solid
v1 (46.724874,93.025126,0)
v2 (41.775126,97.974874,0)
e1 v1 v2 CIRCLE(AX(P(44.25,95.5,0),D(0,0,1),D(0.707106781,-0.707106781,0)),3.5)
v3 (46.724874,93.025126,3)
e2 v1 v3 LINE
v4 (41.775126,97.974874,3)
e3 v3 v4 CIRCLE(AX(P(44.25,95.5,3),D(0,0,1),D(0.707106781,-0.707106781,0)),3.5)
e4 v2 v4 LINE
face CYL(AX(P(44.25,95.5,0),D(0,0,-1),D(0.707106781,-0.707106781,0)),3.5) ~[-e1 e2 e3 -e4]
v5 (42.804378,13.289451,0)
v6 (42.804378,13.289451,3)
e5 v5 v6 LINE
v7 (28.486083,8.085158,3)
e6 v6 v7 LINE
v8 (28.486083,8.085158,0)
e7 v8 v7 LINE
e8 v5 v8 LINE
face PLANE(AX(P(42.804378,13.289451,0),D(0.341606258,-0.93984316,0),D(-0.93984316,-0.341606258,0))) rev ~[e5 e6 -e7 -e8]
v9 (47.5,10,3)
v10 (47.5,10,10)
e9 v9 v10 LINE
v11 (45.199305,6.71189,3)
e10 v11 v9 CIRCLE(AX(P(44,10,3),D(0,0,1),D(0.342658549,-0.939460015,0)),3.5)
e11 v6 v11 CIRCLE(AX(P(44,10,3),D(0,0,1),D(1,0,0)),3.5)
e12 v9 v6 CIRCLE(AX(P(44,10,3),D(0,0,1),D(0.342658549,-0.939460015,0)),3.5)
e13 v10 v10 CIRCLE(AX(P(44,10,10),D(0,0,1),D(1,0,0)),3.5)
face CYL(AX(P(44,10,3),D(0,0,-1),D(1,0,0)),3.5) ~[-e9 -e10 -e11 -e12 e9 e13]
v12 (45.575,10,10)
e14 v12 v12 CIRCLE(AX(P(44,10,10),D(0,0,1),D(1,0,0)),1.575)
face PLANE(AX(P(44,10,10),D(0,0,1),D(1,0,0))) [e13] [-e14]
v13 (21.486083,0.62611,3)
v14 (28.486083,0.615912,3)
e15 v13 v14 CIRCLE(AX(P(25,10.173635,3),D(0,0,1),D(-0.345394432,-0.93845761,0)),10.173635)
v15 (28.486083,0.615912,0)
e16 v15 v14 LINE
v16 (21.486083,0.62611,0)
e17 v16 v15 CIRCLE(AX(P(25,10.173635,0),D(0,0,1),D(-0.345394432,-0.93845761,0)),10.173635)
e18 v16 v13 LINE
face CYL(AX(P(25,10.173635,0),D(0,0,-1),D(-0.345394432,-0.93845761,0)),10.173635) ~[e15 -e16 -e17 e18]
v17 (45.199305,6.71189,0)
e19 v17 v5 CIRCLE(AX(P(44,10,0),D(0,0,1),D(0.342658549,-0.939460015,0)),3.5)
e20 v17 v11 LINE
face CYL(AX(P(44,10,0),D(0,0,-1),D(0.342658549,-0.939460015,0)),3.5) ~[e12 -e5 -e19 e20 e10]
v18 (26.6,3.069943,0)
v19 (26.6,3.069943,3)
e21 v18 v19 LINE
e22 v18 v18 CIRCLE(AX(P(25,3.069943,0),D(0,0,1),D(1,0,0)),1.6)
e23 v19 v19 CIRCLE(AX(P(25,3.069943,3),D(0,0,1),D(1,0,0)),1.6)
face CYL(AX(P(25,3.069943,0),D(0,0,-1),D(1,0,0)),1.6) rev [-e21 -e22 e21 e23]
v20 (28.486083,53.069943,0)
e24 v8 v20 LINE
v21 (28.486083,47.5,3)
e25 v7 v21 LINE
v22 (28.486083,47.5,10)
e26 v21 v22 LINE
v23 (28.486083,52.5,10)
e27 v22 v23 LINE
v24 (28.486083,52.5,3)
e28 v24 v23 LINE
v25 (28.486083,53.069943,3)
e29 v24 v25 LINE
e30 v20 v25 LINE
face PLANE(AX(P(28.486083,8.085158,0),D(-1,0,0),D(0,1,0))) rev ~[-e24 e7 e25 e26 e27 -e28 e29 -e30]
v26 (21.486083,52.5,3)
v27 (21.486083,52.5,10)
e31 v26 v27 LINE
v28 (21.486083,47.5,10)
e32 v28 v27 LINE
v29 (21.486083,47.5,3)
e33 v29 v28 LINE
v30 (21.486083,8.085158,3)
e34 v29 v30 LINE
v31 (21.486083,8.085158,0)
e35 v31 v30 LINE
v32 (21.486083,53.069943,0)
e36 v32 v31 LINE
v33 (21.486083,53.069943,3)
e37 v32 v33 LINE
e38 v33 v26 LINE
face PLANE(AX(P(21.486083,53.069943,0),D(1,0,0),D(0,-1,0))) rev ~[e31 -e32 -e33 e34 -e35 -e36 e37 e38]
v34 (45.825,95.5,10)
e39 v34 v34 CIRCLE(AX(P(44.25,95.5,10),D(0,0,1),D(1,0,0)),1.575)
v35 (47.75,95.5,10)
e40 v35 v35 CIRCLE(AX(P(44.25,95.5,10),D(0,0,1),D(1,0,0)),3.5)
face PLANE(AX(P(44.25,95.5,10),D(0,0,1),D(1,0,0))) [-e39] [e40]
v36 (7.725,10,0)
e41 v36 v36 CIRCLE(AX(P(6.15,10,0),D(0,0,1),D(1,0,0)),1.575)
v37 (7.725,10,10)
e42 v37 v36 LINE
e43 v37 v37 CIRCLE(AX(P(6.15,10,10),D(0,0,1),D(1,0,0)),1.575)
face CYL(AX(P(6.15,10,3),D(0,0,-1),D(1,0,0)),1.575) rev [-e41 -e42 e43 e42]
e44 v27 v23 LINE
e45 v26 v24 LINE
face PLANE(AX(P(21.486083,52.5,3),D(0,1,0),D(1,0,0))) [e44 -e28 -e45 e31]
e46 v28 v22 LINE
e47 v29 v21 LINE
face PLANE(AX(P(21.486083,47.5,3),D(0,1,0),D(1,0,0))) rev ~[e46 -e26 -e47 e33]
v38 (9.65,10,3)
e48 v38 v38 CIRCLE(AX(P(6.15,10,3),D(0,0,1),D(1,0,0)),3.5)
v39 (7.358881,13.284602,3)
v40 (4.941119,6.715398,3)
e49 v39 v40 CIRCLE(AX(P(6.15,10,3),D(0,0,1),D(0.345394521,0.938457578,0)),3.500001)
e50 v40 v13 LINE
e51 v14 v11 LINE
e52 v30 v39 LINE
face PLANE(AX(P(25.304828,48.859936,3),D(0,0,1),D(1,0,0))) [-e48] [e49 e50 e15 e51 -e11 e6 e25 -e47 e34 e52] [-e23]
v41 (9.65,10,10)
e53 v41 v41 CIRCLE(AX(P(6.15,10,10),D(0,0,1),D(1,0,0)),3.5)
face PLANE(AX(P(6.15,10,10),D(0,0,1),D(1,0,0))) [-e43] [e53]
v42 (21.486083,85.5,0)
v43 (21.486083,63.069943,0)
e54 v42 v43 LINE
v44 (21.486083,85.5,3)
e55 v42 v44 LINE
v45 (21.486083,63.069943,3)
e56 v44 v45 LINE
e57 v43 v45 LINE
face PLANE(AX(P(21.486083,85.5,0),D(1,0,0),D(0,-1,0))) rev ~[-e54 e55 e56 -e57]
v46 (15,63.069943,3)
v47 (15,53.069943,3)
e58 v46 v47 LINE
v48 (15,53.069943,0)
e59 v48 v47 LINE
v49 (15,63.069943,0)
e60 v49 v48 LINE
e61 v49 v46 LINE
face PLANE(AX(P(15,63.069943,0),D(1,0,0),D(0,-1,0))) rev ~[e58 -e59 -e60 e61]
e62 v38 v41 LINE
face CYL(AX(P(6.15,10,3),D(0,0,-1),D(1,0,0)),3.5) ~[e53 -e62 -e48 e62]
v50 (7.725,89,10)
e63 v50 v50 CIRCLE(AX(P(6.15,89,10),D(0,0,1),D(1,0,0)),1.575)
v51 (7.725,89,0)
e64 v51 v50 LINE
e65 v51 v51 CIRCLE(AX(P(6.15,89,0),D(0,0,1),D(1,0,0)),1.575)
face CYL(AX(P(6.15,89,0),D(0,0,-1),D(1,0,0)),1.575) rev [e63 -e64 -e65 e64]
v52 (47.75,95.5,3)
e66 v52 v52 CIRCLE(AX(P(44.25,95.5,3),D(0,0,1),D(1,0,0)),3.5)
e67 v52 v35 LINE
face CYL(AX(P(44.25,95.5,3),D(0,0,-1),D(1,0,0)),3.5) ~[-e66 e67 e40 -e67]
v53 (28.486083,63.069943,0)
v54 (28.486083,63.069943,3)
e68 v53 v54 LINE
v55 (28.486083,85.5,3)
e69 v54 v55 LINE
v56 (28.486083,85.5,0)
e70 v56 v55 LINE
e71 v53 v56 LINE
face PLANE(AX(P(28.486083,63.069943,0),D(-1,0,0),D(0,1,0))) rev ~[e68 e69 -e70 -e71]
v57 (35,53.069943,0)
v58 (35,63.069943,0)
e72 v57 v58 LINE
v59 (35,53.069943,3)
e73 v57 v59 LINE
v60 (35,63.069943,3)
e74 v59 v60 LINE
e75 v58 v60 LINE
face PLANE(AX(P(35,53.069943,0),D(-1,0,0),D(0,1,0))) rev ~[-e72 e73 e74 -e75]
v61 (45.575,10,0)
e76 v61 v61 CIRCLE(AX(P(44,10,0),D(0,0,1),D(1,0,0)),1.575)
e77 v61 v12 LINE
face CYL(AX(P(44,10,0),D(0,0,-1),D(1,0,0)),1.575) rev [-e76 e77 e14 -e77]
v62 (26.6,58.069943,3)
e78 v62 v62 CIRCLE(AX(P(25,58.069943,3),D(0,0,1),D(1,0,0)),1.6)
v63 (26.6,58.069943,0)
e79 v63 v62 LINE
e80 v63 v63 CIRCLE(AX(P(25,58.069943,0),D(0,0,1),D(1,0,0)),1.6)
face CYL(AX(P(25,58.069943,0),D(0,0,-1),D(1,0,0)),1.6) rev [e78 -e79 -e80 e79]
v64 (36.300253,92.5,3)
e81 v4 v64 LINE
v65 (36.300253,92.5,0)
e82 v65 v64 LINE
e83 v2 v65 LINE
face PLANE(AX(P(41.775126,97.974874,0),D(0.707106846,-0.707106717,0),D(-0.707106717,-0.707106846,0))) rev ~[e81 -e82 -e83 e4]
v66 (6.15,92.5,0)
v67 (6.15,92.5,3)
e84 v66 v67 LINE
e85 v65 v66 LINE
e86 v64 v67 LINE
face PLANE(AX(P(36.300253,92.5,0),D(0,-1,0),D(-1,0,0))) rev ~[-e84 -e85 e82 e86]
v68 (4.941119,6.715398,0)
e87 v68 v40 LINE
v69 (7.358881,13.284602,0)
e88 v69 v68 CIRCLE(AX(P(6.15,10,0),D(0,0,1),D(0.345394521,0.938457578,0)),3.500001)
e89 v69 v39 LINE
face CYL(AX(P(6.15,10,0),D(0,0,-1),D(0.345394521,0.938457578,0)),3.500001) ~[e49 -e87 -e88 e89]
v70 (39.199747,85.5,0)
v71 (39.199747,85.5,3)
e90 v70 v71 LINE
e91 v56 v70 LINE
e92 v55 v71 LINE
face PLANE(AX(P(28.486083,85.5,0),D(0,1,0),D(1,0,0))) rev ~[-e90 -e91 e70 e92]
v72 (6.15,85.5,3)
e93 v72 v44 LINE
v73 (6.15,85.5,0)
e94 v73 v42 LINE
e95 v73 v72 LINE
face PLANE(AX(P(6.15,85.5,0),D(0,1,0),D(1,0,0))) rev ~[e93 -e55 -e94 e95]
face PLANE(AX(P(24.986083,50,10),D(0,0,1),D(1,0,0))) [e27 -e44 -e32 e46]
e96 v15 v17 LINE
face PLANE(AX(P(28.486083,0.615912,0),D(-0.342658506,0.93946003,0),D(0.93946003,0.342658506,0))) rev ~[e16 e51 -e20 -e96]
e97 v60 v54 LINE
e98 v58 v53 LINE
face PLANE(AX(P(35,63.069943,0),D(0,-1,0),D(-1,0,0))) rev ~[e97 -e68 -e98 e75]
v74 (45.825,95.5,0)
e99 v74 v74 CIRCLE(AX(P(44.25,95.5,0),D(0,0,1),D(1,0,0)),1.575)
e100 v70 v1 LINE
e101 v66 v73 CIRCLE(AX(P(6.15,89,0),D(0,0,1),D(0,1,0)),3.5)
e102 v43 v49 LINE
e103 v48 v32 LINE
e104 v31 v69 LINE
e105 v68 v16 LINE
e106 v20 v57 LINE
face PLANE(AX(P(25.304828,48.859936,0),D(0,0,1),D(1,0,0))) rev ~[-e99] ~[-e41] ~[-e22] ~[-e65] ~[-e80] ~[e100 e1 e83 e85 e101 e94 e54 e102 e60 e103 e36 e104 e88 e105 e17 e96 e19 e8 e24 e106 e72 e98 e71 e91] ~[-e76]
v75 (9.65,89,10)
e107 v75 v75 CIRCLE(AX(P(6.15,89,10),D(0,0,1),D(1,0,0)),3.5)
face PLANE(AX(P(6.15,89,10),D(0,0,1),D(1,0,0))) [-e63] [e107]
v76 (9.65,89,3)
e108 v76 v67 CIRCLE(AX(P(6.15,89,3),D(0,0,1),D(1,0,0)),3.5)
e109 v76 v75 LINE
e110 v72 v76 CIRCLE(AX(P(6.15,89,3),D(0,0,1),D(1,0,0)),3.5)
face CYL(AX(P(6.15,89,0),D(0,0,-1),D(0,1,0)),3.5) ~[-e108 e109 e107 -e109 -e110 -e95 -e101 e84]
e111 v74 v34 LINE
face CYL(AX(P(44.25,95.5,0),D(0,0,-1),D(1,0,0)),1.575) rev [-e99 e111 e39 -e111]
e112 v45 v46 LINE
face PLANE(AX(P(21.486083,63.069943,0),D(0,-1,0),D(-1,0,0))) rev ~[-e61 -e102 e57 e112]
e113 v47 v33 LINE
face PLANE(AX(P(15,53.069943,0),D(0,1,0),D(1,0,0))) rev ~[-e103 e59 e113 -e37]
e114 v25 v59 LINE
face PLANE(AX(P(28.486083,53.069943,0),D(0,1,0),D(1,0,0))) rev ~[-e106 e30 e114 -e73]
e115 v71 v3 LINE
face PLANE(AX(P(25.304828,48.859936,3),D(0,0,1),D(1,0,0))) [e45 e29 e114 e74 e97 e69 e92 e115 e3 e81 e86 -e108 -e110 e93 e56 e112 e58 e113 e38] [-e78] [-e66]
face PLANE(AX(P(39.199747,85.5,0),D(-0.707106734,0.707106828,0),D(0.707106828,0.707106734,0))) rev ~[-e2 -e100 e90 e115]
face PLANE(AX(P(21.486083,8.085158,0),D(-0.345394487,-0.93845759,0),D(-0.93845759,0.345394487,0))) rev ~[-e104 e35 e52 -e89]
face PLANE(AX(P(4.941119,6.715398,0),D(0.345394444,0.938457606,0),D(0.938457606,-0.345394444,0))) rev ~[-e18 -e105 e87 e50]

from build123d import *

# Parameters (mm, degrees)
F1_R     = 1.575
F1_R_2   = 1.6
F2_DEPTH = 3
F3_R     = 3.5
F3_R_2   = 1.575
F3_W     = 7
F3_H     = 5
F4_DEPTH = 7


with BuildPart() as f2:
    # F1 (on Top) → F2 (new body)
    with BuildSketch(Plane.XY):
        with BuildLine():
            Line((41.775126, 97.974874), (36.300253, 92.5))
            Line((36.300253, 92.5), (6.15, 92.5))
            ThreePointArc((6.15, 92.5), (2.65, 89), (6.15, 85.5))
            Line((6.15, 85.5), (21.486083, 85.5))
            Line((21.486083, 85.5), (21.486083, 63.069943))
            Line((21.486083, 63.069943), (15, 63.069943))
            Line((15, 63.069943), (15, 53.069943))
            Line((15, 53.069943), (21.486083, 53.069943))
            Line((21.486083, 53.069943), (21.486083, 8.085158))
            Line((21.486083, 8.085158), (7.358881, 13.284602))
            ThreePointArc((7.358881, 13.284602), (2.865398, 11.208881), (4.941119, 6.715398))
            Line((4.941119, 6.715398), (21.486083, 0.62611))
            ThreePointArc((21.486083, 0.62611), (24.985178, 1.1e-05), (28.486083, 0.615912))
            Line((28.486083, 0.615912), (45.199305, 6.71189))
            ThreePointArc((45.199305, 6.71189), (47.288781, 11.197464), (42.804378, 13.289451))
            Line((42.804378, 13.289451), (28.486083, 8.085158))
            Line((28.486083, 8.085158), (28.486083, 53.069943))
            Line((28.486083, 53.069943), (35, 53.069943))
            Line((35, 53.069943), (35, 63.069943))
            Line((35, 63.069943), (28.486083, 63.069943))
            Line((28.486083, 63.069943), (28.486083, 85.5))
            Line((28.486083, 85.5), (39.199747, 85.5))
            Line((39.199747, 85.5), (46.724874, 93.025126))
            ThreePointArc((46.724874, 93.025126), (46.724874, 97.974874), (41.775126, 97.974874))
        make_face()
        with Locations((6.15, 10)):
            Circle(F1_R, mode=Mode.SUBTRACT)
        with Locations((25, 3.069943)):
            Circle(F1_R_2, mode=Mode.SUBTRACT)
        with Locations((44, 10)):
            Circle(F1_R, mode=Mode.SUBTRACT)
        with Locations((25, 58.069943)):
            Circle(F1_R_2, mode=Mode.SUBTRACT)
        with Locations((6.15, 89)):
            Circle(F1_R, mode=Mode.SUBTRACT)
        with Locations((44.25, 95.5)):
            Circle(F1_R, mode=Mode.SUBTRACT)
    extrude(amount=F2_DEPTH)

    # F3 (on face) → F4 (join)
    with BuildSketch(Plane.XY.offset(3)):
        with Locations((6.15, 10)):
            Circle(F3_R)
        with Locations((6.15, 10)):
            Circle(F3_R_2, mode=Mode.SUBTRACT)
        with Locations((6.15, 89)):
            Circle(F3_R)
        with Locations((6.15, 89)):
            Circle(F3_R_2, mode=Mode.SUBTRACT)
        with Locations((44.25, 95.5)):
            Circle(F3_R)
        with Locations((44.25, 95.5)):
            Circle(F3_R_2, mode=Mode.SUBTRACT)
        with Locations((44, 10)):
            Circle(F3_R)
        with Locations((44, 10)):
            Circle(F3_R_2, mode=Mode.SUBTRACT)
        with Locations((24.986083, 50)):
            Rectangle(F3_W, F3_H)
    extrude(amount=F4_DEPTH)


solid = f2.part
